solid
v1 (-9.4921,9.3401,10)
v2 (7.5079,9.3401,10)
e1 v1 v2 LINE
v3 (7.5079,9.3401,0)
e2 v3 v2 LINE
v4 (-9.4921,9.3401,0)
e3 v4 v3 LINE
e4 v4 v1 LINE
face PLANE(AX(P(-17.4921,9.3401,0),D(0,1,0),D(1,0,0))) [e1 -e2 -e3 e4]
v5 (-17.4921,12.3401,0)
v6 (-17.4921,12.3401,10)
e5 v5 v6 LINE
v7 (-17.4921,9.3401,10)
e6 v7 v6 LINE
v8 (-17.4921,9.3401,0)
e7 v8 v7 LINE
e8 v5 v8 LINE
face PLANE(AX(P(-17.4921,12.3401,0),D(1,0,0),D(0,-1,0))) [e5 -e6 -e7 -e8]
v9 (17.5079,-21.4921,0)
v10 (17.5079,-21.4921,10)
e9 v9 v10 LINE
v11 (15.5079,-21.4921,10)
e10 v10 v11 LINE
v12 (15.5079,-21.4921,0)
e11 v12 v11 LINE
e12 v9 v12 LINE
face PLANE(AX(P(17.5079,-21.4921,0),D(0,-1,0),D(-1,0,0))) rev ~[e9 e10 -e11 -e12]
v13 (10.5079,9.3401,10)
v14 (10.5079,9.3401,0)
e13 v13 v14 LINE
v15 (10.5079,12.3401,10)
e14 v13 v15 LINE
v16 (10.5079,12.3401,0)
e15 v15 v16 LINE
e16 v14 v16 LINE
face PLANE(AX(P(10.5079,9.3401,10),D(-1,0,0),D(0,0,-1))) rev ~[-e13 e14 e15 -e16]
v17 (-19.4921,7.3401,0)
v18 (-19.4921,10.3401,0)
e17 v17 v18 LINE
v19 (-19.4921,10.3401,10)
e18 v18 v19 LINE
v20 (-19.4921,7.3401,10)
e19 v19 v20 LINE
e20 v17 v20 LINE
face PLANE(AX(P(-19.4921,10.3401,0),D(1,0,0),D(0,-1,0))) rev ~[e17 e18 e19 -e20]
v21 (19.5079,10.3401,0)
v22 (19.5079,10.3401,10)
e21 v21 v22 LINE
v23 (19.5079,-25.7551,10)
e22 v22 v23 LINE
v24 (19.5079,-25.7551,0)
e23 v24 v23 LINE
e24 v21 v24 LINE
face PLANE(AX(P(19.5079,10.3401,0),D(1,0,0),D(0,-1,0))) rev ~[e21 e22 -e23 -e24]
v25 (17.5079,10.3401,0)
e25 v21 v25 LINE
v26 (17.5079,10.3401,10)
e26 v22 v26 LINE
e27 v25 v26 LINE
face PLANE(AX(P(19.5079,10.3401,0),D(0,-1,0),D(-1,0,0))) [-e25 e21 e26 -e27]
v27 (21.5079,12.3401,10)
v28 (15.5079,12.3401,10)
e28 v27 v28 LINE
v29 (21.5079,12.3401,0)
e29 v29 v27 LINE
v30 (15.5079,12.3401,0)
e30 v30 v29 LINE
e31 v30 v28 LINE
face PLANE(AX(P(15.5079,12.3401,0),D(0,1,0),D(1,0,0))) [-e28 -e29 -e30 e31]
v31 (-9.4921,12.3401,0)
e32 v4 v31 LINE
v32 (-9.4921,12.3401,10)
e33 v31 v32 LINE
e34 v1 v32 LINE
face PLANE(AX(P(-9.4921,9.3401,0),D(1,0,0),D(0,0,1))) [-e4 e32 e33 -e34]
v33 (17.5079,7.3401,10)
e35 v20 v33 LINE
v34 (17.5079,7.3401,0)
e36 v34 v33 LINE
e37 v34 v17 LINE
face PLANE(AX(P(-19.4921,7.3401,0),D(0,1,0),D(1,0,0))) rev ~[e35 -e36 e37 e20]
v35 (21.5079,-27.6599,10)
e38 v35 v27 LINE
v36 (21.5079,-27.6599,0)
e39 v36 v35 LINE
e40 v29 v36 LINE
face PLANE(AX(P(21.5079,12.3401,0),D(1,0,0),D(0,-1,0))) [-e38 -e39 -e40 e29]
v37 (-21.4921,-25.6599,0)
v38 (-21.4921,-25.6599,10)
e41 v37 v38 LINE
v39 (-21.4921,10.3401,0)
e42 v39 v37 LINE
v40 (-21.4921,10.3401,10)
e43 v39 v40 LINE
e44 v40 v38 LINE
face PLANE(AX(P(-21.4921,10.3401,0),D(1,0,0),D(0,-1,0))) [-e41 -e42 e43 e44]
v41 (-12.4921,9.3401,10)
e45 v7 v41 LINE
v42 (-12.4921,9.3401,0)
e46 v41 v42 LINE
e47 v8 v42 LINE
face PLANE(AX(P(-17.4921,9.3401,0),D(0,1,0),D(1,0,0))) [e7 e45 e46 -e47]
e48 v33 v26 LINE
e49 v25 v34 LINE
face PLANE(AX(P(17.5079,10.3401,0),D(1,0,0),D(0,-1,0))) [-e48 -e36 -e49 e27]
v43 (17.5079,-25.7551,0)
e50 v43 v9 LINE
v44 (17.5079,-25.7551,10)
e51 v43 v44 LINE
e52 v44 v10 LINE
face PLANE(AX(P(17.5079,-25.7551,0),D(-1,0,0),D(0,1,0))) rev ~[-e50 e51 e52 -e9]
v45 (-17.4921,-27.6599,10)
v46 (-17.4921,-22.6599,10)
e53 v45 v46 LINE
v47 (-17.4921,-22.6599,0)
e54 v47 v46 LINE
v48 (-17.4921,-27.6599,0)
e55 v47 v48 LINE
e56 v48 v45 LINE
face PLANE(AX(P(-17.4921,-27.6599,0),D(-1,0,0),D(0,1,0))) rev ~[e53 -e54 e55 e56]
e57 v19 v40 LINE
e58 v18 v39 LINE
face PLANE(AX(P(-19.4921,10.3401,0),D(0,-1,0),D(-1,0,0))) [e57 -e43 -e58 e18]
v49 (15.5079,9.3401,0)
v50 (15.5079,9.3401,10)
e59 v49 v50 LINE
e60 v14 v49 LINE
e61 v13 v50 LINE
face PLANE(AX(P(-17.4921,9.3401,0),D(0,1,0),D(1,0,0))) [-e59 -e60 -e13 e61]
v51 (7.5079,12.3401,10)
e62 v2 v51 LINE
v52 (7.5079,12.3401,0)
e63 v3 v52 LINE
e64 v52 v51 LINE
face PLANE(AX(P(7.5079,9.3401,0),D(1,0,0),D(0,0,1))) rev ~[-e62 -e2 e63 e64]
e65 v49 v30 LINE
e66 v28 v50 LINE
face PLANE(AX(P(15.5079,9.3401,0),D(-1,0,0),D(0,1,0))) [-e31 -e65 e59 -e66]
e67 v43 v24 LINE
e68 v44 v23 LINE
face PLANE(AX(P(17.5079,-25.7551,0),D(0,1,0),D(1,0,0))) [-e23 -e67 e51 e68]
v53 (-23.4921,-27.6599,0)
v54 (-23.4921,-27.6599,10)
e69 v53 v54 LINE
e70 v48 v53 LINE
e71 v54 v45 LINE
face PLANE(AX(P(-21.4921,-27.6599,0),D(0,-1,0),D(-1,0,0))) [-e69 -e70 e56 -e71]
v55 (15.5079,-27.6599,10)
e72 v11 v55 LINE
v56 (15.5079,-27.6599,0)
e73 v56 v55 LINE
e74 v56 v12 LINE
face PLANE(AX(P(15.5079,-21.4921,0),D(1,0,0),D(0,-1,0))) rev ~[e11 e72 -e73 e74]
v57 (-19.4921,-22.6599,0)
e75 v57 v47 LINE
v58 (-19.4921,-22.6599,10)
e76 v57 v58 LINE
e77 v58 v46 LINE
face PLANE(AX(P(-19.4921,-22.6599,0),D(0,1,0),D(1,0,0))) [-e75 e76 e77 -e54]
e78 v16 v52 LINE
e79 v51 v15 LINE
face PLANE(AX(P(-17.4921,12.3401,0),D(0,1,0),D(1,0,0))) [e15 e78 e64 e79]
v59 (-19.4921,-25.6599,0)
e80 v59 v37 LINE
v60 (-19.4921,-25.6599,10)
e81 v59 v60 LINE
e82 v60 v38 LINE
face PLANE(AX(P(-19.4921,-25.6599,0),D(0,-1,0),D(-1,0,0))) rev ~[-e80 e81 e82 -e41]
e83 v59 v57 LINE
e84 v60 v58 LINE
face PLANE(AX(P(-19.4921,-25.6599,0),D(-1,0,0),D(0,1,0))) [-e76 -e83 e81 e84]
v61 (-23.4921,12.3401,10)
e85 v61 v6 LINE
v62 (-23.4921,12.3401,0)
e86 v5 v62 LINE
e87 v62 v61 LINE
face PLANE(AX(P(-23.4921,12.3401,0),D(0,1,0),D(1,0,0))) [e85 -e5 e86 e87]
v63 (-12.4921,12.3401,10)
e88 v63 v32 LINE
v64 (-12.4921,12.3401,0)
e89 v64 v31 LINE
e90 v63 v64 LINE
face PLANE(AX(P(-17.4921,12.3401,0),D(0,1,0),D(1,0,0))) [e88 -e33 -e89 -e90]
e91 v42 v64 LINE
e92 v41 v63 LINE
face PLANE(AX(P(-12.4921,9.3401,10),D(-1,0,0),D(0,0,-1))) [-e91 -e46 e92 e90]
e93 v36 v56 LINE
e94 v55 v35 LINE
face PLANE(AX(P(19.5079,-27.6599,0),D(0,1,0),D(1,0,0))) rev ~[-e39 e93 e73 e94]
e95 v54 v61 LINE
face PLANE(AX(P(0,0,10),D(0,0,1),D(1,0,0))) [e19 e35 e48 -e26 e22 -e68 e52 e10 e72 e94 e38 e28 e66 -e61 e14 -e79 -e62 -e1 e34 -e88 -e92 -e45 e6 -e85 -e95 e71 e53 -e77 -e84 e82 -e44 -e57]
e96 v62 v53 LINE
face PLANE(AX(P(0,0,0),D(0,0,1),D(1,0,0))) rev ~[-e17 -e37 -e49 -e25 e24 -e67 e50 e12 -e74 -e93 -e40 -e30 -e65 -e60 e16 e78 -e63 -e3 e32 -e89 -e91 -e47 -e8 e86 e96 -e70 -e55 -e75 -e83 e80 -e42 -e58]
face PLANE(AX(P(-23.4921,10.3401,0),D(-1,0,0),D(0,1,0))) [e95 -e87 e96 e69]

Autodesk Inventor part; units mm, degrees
ref_plane "YZ Plane" through (0, 0, 0) normal (1, 0, 0) x (0, 1, 0)
ref_plane "XZ Plane" through (0, 0, 0) normal (0, 1, 0) x (-1, 0, 0)
ref_plane "XY Plane" through (0, 0, 0) normal (0, 0, 1) x (1, 0, 0)
sketch "Sketch1" plane through (0, 0, 0) normal (0, 0, 1) x (1, 0, 0)
  line L0 (-23.4921, 12.3401) -> (-21.4921, 12.3401)
  line L1 (-21.4921, 12.3401) -> (-21.4921, -27.6599)
  line L2 (-21.4921, -27.6599) -> (-23.4921, -27.6599)
  line L3 (-23.4921, -27.6599) -> (-23.4921, 12.3401)
  line L4 (-23.4921, -27.6599) -> (-17.4921, -27.6599)
  line L5 (-17.4921, -27.6599) -> (-17.4921, -25.6599)
  line L6 (-17.4921, -25.6599) -> (-23.4921, -25.6599)
  line L7 (-23.4921, -25.6599) -> (-23.4921, -27.6599)
  line L8 (-17.4921, -27.6599) -> (-19.4921, -27.6599)
  line L9 (-19.4921, -27.6599) -> (-19.4921, -22.6599)
  line L10 (-19.4921, -22.6599) -> (-17.4921, -22.6599)
  line L11 (-17.4921, -22.6599) -> (-17.4921, -27.6599)
  line L12 (-23.4921, 12.3401) -> (-17.4921, 12.3401)
  line L13 (-17.4921, 12.3401) -> (-17.4921, 10.3401)
  line L14 (-17.4921, 10.3401) -> (-23.4921, 10.3401)
  line L15 (-23.4921, 10.3401) -> (-23.4921, 12.3401)
  line L16 (-17.4921, 12.3401) -> (-19.4921, 12.3401)
  line L17 (-19.4921, 12.3401) -> (-19.4921, 7.3401)
  line L18 (-19.4921, 7.3401) -> (-17.4921, 7.3401)
  line L19 (-17.4921, 7.3401) -> (-17.4921, 12.3401)
  line L20 (-19.4921, 9.3401) -> (17.5079, 9.3401)
  line L21 (17.5079, 9.3401) -> (17.5079, 7.3401)
  line L22 (17.5079, 7.3401) -> (-19.4921, 7.3401)
  line L23 (-19.4921, 7.3401) -> (-19.4921, 9.3401)
  line L24 (17.5079, 7.3401) -> (15.5079, 7.3401)
  line L25 (15.5079, 7.3401) -> (15.5079, 12.3401)
  line L26 (15.5079, 12.3401) -> (17.5079, 12.3401)
  line L27 (17.5079, 12.3401) -> (17.5079, 7.3401)
  line L28 (15.5079, 12.3401) -> (21.5079, 12.3401)
  line L29 (21.5079, 12.3401) -> (21.5079, 10.3401)
  line L30 (21.5079, 10.3401) -> (15.5079, 10.3401)
  line L31 (15.5079, 10.3401) -> (15.5079, 12.3401)
  line L32 (21.5079, 12.3401) -> (19.5079, 12.3401)
  line L33 (19.5079, 12.3401) -> (19.5079, -27.6599)
  line L34 (19.5079, -27.6599) -> (21.5079, -27.6599)
  line L35 (21.5079, -27.6599) -> (21.5079, 12.3401)
  line L36 (21.5079, -27.6599) -> (15.5079, -27.6599)
  line L37 (15.5079, -27.6599) -> (15.5079, -25.7551)
  line L38 (15.5079, -25.7551) -> (21.5079, -25.7551)
  line L39 (21.5079, -25.7551) -> (21.5079, -27.6599)
  line L40 (15.5079, -27.6599) -> (17.5079, -27.6599)
  line L41 (17.5079, -27.6599) -> (17.5079, -21.4921)
  line L42 (17.5079, -21.4921) -> (15.5079, -21.4921)
  line L43 (15.5079, -21.4921) -> (15.5079, -27.6599)
  point P0 (0, 0)
  dimension "d0" = 40
  dimension "d1" = 2
  dimension "d2" = 2
  dimension "d3" = 2
  dimension "d4" = 2
  dimension "d5" = 5
  dimension "d6" = 5
  dimension "d7" = 37
  dimension "d8" = 6
  dimension "d9" = 6
  dimension "d10" = 2
  dimension "d11" = 2
  dimension "d12" = 2
  dimension "d13" = 2
  dimension "d14" = 2
  dimension "d15" = 40
  dimension "d16" = 6
  dimension "d17" = 6
  dimension "d18" = 45
extrude "Extrusion1" add sketch "Sketch1" along normal blind 10
sketch "Sketch2" plane through (-17.4921, 9.3401, 0) normal (1, 0, 0) x (0, 0, -1)
  line L0 (-10, 0) -> (0, 0) projected
  line L1 (0, 3) -> (-10, 3) projected
  point P0 (0, -9.3401)
  dimension "d21" = 3
sketch "Sketch3" plane through (-17.4921, 9.3401, 0) normal (0, 1, 0) x (1, 0, 0)
  line L0 (-2, -10) -> (35, -10) projected
  line L1 (5, 0) -> (8, 0)
  line L2 (8, 0) -> (8, -10)
  line L3 (8, -10) -> (5, -10)
  line L4 (5, -10) -> (5, 0)
  line L5 (28, 0) -> (25, 0)
  line L6 (25, 0) -> (25, -10)
  line L7 (25, -10) -> (28, -10)
  line L8 (28, -10) -> (28, 0)
  line L9 (0, 0) -> (0, -10) projected
  line L10 (33, 0) -> (33, -10) projected
  point P0 (17.4921, 0)
  dimension "d22" = 5
  dimension "d23" = 5
  dimension "d24" = 3
  dimension "d25" = 3
extrude "Extrusion2" add sketch "Sketch3" along normal blind 3
properties part number "Up go er"
